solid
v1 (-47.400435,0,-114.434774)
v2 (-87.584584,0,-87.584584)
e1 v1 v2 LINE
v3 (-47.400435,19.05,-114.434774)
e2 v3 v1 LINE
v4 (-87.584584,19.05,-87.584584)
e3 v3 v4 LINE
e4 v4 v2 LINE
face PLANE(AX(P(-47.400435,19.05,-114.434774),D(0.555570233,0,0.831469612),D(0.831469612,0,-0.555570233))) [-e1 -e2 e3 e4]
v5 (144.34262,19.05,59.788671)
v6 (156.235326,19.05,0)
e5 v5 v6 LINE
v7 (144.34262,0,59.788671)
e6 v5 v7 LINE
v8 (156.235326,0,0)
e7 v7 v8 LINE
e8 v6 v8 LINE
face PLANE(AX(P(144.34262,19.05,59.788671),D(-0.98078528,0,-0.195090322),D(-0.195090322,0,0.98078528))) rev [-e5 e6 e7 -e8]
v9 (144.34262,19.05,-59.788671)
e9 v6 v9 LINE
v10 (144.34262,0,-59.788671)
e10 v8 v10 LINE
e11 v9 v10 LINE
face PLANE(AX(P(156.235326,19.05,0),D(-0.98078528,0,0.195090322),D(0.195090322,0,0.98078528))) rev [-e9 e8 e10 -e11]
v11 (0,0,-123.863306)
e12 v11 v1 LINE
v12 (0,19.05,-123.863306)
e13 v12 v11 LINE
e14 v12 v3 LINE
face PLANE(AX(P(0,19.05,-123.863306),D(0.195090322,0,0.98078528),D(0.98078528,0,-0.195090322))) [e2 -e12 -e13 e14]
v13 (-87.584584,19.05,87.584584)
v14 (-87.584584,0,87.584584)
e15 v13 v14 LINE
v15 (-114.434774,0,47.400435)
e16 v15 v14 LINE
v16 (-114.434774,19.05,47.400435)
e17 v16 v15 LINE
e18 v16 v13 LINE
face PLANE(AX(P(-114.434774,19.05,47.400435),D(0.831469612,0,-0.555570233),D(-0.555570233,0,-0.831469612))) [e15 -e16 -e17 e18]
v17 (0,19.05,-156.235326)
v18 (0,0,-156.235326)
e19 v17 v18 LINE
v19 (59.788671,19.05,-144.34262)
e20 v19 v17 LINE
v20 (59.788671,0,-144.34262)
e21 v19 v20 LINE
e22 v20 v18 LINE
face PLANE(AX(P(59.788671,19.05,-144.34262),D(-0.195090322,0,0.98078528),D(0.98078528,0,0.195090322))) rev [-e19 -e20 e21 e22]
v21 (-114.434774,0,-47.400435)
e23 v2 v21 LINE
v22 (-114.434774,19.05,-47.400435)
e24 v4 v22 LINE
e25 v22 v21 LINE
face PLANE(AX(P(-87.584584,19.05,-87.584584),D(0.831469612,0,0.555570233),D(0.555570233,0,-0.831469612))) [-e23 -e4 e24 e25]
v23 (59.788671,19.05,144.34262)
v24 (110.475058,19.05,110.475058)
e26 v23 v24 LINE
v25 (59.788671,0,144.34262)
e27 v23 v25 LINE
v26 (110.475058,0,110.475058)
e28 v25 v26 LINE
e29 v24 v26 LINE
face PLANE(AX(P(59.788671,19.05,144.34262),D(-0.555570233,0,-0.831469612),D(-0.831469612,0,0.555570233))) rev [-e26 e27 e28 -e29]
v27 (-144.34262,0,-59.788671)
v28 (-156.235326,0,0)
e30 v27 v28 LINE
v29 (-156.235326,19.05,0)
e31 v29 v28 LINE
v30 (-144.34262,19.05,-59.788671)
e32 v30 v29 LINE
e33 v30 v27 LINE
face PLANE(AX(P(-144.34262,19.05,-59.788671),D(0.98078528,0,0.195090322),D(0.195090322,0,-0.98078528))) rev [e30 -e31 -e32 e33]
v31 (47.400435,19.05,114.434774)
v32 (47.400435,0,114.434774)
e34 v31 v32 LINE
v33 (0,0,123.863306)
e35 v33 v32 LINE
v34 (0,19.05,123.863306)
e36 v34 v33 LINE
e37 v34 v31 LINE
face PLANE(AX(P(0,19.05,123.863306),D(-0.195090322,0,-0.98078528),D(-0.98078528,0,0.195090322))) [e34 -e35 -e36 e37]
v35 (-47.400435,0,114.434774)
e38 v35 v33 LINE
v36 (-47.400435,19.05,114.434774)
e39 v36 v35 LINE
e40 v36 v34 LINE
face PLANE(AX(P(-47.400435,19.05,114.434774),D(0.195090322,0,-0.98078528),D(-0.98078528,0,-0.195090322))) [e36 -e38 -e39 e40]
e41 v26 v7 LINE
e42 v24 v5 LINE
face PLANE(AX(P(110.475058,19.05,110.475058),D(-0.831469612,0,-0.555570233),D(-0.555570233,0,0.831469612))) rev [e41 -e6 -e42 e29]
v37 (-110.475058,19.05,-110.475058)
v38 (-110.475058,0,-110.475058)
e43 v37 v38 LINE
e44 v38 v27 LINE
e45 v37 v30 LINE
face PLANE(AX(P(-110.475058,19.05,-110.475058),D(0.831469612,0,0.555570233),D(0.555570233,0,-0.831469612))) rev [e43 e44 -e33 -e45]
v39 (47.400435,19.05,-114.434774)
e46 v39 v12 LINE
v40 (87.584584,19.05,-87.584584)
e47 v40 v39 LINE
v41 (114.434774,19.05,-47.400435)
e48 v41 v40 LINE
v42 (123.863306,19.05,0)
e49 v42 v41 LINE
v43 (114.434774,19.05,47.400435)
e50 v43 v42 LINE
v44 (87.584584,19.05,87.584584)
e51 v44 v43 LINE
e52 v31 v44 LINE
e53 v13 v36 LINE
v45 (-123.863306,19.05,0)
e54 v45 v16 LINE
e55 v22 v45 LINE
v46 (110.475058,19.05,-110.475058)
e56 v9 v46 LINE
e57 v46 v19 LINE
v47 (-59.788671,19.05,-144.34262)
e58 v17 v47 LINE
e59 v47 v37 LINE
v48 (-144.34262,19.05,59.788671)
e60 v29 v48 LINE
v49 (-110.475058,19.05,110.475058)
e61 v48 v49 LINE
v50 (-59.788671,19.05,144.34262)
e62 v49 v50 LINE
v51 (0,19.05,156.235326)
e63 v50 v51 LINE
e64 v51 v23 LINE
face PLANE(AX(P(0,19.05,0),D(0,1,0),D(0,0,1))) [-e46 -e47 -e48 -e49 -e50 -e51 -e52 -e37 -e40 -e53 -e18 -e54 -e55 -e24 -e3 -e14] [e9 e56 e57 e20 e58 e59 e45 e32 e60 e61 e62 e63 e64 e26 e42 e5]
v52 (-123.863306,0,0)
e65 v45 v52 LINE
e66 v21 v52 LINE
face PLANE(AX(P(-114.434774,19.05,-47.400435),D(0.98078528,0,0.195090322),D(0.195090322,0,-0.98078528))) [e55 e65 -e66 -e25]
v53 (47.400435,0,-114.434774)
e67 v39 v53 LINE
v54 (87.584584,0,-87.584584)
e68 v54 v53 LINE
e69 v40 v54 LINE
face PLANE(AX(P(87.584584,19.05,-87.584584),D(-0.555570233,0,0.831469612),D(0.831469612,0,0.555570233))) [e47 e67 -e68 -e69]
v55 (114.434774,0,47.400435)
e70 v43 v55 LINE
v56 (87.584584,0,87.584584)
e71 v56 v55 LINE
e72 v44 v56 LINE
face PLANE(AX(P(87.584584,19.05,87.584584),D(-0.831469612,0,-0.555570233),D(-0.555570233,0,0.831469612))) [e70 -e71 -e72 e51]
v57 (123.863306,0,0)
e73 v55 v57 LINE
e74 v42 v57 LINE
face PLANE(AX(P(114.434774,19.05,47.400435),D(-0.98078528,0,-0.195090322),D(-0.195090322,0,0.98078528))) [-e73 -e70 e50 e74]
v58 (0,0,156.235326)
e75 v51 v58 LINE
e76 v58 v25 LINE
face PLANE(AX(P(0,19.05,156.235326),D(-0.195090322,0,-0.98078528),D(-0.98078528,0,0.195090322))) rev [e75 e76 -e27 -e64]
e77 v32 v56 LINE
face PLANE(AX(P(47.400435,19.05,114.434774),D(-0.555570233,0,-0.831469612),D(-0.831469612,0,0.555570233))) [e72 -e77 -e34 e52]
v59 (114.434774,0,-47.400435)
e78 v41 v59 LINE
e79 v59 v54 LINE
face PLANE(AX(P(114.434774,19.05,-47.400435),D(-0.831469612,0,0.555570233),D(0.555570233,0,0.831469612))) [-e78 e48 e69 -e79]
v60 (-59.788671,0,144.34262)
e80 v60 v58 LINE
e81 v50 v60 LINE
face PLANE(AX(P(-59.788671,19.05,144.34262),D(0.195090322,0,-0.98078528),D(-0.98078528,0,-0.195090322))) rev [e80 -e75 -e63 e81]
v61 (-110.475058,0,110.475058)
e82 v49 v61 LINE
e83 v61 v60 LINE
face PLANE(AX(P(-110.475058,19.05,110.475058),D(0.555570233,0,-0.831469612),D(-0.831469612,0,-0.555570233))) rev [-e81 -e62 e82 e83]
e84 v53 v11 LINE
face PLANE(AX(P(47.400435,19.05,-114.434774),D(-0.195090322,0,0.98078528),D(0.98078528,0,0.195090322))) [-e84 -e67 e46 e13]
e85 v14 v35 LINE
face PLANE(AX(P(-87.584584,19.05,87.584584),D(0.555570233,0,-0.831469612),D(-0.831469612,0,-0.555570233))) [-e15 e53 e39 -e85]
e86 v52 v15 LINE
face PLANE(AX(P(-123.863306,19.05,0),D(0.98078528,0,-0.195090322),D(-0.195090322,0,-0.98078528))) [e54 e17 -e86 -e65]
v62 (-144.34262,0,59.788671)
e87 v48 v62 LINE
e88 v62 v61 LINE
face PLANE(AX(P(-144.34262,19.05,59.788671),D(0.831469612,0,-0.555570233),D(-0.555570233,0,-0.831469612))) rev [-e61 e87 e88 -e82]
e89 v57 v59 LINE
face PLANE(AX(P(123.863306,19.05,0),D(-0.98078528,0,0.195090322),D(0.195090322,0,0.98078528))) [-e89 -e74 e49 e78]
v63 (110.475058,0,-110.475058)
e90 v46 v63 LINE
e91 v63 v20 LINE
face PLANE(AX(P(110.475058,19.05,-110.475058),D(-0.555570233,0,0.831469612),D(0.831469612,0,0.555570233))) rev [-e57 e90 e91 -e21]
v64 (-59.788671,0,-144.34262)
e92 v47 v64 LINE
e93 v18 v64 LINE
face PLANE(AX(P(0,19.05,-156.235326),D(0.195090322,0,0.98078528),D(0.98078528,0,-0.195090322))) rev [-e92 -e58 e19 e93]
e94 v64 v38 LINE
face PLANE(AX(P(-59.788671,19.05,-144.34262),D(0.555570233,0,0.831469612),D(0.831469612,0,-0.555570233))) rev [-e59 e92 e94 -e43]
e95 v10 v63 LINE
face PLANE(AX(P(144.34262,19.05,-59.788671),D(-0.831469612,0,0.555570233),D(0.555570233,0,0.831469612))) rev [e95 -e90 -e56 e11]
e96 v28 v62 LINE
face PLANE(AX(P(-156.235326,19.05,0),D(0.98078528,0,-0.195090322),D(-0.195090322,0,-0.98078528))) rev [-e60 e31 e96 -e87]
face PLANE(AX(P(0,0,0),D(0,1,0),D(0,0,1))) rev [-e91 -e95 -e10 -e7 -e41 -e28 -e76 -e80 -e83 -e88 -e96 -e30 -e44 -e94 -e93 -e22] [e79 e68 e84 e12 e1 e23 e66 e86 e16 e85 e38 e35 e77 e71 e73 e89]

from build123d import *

# Parameters (mm, degrees)
BOSS_EXTRUDE1_DEPTH = 19.05


with BuildPart() as part:
    # Sketch1 → Boss-Extrude1 (new body)
    with BuildSketch(Plane(origin=(0, 0, 0), x_dir=(1, 0, 0), z_dir=(0, 1, 0))):
        Polygon((156.235325694, 0), (144.342619664, 59.788670693), (110.475058259, 110.475058259), (59.788670693, 144.342619664), (0, 156.235325694), (-59.788670693, 144.342619664), (-110.475058259, 110.475058259), (-144.342619664, 59.788670693), (-156.235325694, 0), (-144.342619664, -59.788670693), (-110.475058259, -110.475058259), (-59.788670693, -144.342619664), (0, -156.235325694), (59.788670693, -144.342619664), (110.475058259, -110.475058259), (144.342619664, -59.788670693), align=None)
        Polygon((123.863306421, 0), (114.434773632, 47.400435245), (87.584583911, 87.584583911), (47.400435245, 114.434773632), (0, 123.863306421), (-47.400435245, 114.434773632), (-87.584583911, 87.584583911), (-114.434773632, 47.400435245), (-123.863306421, 0), (-114.434773632, -47.400435245), (-87.584583911, -87.584583911), (-47.400435245, -114.434773632), (0, -123.863306421), (47.400435245, -114.434773632), (87.584583911, -87.584583911), (114.434773632, -47.400435245), align=None, mode=Mode.SUBTRACT)
    extrude(amount=BOSS_EXTRUDE1_DEPTH)


solid = part.part
